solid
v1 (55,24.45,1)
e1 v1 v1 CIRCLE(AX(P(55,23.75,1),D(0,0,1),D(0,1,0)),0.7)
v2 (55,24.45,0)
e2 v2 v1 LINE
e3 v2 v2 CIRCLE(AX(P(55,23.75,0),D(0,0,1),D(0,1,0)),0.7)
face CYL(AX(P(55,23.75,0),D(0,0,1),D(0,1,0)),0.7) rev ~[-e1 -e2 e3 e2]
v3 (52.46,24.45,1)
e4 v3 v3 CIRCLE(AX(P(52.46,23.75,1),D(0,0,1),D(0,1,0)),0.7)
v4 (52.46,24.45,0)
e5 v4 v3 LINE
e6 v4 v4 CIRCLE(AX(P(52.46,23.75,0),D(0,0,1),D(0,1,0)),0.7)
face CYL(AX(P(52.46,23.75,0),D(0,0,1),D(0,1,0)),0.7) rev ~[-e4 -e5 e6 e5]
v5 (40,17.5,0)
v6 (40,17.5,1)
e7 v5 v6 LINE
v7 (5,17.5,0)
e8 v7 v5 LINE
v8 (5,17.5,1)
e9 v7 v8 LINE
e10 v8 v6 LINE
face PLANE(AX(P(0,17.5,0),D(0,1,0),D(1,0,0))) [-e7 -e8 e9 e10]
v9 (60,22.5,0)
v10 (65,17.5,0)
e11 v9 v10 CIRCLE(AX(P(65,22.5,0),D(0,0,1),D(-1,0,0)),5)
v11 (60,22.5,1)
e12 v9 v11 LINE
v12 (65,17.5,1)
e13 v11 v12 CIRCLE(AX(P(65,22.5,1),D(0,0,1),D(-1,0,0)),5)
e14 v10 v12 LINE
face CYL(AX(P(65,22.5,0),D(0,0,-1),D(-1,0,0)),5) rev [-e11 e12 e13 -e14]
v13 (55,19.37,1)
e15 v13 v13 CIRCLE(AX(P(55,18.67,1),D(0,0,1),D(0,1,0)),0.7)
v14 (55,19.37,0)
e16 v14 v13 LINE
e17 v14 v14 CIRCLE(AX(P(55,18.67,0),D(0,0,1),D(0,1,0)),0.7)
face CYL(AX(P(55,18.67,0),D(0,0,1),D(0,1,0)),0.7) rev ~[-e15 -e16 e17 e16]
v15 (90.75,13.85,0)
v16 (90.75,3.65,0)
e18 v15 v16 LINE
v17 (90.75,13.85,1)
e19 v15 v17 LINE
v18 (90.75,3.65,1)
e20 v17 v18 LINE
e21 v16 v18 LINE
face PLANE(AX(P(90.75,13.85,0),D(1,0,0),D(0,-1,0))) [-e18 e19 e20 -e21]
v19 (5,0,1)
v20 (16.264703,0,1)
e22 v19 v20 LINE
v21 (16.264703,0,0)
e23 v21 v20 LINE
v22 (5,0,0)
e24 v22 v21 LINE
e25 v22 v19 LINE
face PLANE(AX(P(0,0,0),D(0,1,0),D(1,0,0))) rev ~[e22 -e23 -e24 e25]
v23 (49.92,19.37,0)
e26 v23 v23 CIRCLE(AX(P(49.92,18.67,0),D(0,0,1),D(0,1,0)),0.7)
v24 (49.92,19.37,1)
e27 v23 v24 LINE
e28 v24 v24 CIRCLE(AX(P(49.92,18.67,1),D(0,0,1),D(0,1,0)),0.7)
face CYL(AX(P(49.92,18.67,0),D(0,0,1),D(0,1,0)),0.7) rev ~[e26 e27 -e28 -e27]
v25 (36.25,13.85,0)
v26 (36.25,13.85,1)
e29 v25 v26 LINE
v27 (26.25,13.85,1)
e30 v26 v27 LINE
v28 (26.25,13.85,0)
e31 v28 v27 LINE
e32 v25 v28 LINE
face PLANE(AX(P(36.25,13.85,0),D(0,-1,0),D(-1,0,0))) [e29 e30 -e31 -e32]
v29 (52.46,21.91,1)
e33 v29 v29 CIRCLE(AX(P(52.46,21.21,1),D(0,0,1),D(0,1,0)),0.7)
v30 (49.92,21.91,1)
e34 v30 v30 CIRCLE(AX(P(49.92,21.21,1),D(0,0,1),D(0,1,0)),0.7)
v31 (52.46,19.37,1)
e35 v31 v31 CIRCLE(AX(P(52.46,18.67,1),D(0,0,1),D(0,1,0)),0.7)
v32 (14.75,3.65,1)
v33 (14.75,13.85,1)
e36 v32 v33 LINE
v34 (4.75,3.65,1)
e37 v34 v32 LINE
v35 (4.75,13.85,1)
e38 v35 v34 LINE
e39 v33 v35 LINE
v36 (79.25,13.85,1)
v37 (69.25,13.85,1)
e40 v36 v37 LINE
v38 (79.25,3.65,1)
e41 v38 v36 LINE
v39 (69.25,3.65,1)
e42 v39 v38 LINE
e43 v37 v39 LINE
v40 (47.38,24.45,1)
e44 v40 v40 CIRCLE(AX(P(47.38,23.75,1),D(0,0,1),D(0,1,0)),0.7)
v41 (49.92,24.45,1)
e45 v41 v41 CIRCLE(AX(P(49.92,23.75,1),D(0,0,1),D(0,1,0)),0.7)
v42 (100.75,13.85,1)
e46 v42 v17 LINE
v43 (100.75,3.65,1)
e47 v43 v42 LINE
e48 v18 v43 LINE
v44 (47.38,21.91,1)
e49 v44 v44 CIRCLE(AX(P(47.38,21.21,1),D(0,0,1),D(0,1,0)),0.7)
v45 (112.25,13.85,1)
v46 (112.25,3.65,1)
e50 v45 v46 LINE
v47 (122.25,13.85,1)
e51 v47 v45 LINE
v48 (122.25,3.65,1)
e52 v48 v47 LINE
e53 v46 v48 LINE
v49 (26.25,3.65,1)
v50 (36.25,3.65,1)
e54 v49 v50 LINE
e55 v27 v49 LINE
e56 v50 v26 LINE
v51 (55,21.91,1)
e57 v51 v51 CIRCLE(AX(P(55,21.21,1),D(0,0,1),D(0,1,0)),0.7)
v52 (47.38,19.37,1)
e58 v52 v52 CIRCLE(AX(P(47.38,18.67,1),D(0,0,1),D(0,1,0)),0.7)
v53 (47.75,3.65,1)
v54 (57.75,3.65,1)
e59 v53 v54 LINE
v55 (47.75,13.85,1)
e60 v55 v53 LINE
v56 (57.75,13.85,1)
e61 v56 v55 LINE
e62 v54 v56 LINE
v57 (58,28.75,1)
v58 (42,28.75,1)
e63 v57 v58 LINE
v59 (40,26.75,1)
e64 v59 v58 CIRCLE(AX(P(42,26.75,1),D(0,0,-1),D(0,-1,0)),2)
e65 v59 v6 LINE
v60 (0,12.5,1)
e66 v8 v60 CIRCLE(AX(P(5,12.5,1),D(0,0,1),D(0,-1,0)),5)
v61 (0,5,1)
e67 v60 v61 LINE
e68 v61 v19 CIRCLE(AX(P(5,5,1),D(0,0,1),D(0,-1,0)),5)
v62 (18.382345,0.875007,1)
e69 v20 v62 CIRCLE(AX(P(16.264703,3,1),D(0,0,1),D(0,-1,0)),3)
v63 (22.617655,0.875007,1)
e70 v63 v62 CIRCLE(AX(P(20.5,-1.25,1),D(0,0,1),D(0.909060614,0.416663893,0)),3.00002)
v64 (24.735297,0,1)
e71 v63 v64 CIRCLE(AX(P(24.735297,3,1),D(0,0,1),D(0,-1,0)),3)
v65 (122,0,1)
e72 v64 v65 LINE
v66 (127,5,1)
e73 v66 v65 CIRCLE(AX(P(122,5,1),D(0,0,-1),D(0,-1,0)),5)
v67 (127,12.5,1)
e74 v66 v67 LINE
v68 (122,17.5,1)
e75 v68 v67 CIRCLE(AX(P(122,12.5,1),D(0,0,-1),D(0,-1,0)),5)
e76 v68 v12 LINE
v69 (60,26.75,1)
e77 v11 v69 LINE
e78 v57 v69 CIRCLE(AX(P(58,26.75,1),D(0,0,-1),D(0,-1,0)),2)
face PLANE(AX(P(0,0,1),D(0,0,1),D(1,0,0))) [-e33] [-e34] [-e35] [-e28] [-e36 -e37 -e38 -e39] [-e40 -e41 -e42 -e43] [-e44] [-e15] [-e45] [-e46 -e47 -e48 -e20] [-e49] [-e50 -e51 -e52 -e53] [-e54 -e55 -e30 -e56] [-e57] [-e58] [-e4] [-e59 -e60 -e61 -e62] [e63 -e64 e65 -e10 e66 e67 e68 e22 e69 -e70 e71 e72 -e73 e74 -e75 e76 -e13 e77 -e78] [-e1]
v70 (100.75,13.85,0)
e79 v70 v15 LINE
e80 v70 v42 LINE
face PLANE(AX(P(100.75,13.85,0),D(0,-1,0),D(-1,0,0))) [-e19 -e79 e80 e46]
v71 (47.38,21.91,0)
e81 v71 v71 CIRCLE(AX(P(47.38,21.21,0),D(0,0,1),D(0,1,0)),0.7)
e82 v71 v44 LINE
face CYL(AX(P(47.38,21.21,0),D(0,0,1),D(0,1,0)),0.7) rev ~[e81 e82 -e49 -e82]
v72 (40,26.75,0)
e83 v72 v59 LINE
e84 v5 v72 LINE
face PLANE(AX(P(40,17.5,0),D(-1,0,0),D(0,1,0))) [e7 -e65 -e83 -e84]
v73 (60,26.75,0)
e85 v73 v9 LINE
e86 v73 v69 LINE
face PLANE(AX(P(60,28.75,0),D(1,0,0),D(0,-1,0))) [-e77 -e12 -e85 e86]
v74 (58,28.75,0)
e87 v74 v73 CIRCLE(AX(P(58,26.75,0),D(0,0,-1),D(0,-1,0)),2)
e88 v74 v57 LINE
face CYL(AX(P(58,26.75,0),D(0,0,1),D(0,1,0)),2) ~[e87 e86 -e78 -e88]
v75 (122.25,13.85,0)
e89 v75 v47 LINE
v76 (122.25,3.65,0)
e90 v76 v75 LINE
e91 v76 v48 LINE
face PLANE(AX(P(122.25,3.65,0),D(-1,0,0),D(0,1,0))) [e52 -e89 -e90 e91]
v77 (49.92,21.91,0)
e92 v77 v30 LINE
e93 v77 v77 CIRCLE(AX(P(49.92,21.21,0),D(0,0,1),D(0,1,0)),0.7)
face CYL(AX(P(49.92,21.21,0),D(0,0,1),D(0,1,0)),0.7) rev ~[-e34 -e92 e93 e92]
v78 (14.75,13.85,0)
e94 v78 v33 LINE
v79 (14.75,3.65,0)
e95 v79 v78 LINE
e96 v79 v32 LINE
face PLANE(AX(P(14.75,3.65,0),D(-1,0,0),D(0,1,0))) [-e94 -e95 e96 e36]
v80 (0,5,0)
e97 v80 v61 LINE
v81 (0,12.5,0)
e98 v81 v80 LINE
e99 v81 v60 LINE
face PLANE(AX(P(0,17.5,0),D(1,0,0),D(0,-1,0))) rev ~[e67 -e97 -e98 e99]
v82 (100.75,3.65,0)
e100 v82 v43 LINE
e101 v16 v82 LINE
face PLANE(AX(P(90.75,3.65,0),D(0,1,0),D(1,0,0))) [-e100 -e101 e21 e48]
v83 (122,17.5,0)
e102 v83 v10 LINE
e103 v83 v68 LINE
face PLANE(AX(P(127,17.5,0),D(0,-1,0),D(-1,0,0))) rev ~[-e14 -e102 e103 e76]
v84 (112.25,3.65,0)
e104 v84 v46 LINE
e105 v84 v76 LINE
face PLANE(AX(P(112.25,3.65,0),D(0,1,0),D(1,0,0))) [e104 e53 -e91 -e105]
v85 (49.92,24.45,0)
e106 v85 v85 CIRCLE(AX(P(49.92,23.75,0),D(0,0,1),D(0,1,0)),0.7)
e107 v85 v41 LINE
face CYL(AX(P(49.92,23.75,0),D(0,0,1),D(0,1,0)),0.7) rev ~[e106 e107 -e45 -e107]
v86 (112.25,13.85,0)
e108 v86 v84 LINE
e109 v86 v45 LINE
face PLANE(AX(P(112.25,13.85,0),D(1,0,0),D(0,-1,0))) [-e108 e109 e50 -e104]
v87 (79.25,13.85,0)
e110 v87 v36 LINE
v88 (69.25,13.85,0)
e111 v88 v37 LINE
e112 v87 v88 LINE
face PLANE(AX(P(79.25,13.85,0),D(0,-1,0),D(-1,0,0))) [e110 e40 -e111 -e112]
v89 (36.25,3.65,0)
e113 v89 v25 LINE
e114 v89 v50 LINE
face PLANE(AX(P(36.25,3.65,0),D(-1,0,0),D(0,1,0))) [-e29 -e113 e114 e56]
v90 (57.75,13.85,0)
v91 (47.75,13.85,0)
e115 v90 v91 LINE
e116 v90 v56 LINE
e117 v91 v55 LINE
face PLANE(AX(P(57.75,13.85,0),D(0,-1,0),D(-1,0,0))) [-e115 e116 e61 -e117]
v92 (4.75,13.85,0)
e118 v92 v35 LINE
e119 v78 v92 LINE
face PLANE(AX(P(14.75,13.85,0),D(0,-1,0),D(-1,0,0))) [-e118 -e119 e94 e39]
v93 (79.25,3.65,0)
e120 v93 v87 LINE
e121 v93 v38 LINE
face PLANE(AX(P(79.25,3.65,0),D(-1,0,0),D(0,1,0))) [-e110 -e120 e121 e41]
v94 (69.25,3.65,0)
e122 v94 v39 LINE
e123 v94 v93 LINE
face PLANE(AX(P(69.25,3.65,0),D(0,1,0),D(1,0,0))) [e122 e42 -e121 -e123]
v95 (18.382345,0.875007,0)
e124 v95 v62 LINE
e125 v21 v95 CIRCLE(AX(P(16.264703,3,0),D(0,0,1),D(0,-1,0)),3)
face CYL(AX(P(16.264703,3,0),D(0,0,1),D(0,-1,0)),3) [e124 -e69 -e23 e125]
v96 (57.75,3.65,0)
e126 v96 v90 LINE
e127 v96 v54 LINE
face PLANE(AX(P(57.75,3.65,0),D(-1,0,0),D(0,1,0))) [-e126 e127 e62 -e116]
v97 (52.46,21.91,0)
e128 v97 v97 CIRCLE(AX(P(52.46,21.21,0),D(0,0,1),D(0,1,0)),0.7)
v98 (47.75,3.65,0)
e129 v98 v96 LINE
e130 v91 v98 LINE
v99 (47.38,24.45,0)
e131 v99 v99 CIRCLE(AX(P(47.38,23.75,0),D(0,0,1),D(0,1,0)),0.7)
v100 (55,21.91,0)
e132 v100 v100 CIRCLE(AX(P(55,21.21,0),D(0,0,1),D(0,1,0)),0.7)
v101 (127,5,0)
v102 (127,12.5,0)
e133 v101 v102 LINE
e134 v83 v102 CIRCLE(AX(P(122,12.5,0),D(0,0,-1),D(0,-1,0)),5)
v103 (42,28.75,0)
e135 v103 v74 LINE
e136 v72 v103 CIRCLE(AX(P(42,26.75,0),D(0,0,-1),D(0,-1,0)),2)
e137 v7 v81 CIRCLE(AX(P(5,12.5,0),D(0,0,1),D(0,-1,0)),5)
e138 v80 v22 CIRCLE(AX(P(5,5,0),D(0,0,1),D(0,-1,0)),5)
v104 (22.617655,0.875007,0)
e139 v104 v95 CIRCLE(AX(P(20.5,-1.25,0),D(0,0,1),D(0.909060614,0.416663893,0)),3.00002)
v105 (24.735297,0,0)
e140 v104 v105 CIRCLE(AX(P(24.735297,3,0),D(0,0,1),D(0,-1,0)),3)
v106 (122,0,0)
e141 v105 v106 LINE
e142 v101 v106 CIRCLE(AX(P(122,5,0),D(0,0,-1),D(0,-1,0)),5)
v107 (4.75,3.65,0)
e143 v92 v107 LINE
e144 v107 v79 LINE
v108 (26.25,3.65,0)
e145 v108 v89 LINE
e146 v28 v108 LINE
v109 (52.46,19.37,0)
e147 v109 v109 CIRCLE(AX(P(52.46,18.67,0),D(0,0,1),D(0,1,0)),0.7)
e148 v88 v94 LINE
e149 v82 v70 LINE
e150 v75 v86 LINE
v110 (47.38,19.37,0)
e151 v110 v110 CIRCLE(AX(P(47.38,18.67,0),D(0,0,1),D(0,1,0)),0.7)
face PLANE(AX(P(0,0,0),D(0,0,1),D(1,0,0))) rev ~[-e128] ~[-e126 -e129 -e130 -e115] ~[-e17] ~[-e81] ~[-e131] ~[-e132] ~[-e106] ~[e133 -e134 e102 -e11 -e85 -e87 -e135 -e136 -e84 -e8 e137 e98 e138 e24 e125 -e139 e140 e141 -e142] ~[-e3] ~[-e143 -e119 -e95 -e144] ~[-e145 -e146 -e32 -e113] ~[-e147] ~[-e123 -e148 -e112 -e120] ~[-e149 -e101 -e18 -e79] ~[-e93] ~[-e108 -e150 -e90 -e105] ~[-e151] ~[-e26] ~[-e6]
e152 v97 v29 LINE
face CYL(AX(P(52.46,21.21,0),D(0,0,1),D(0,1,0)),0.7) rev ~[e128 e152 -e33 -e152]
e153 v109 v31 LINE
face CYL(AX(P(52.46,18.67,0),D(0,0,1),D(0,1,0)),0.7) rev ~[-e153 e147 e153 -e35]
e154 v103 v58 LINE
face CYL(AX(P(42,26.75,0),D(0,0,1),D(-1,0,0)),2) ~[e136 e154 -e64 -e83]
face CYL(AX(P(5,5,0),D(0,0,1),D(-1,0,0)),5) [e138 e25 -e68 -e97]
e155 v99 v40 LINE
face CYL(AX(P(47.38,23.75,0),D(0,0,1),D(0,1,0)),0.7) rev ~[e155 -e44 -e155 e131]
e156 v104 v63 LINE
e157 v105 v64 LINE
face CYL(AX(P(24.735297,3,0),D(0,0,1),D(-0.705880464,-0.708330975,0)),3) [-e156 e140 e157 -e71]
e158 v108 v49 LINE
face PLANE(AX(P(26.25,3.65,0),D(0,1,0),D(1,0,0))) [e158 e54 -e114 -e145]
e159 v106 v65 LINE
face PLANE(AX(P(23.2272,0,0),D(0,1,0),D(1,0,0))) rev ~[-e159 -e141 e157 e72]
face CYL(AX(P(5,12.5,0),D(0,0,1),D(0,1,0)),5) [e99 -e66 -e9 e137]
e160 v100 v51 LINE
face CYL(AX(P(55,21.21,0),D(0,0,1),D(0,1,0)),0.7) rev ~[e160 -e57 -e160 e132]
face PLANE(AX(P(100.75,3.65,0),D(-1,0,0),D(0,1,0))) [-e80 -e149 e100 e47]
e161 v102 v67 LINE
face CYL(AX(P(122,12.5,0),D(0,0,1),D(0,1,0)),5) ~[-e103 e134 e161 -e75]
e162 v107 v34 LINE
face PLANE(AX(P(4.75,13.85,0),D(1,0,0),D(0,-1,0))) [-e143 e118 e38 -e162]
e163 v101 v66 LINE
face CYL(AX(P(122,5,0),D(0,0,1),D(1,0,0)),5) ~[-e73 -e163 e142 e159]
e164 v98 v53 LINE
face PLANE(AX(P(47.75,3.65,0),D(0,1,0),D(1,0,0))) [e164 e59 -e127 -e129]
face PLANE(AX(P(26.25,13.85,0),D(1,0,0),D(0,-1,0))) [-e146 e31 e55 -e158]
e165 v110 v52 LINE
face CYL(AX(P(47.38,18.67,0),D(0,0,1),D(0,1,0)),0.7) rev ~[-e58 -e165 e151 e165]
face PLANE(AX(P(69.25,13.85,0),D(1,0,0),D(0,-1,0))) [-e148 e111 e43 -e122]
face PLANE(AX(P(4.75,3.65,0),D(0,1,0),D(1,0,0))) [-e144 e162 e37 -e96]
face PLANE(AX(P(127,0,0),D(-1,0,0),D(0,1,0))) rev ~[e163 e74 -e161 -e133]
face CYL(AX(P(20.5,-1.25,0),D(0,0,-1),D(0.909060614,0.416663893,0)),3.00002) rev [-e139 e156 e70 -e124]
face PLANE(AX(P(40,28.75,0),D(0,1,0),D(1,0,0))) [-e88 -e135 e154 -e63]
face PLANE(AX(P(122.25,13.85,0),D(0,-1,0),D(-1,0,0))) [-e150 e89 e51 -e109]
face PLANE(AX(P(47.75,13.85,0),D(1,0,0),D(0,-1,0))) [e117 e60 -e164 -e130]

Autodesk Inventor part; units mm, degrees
ref_plane "YZ Plane" through (0, 0, 0) normal (1, 0, 0) x (0, 1, 0)
ref_plane "XZ Plane" through (0, 0, 0) normal (0, 1, 0) x (-1, 0, 0)
ref_plane "XY Plane" through (0, 0, 0) normal (0, 0, 1) x (1, 0, 0)
sketch "Skizze1" plane through (0, 0, 0) normal (0, 0, 1) x (1, 0, 0)
  line L0 (0, 0) -> (127, 0)
  line L1 (127, 0) -> (127, 37.5)
  line L2 (127, 37.5) -> (0, 37.5)
  line L3 (0, 37.5) -> (0, 0)
  line L4 (4.75, 3.65) -> (14.75, 3.65)
  line L5 (14.75, 3.65) -> (14.75, 13.85)
  line L6 (14.75, 13.85) -> (4.75, 13.85)
  line L7 (4.75, 13.85) -> (4.75, 3.65)
  line L8 (4.75, 33.85) -> (4.75, 23.65)
  line L9 (14.75, 33.85) -> (4.75, 33.85)
  line L10 (14.75, 23.65) -> (14.75, 33.85)
  line L11 (4.75, 23.65) -> (14.75, 23.65)
  line L12 (26.25, 13.85) -> (26.25, 3.65)
  line L13 (36.25, 13.85) -> (26.25, 13.85)
  line L14 (36.25, 3.65) -> (36.25, 13.85)
  line L15 (26.25, 3.65) -> (36.25, 3.65)
  line L16 (26.25, 33.85) -> (26.25, 23.65)
  line L17 (36.25, 33.85) -> (26.25, 33.85)
  line L18 (36.25, 23.65) -> (36.25, 33.85)
  line L19 (26.25, 23.65) -> (36.25, 23.65)
  line L20 (47.75, 13.85) -> (47.75, 3.65)
  line L21 (57.75, 13.85) -> (47.75, 13.85)
  line L22 (57.75, 3.65) -> (57.75, 13.85)
  line L23 (47.75, 3.65) -> (57.75, 3.65)
  line L24 (47.75, 33.85) -> (47.75, 23.65)
  line L25 (57.75, 33.85) -> (47.75, 33.85)
  line L26 (57.75, 23.65) -> (57.75, 33.85)
  line L27 (47.75, 23.65) -> (57.75, 23.65)
  line L28 (69.25, 13.85) -> (69.25, 3.65)
  line L29 (79.25, 13.85) -> (69.25, 13.85)
  line L30 (79.25, 3.65) -> (79.25, 13.85)
  line L31 (69.25, 3.65) -> (79.25, 3.65)
  line L32 (69.25, 33.85) -> (69.25, 23.65)
  line L33 (79.25, 33.85) -> (69.25, 33.85)
  line L34 (79.25, 23.65) -> (79.25, 33.85)
  line L35 (69.25, 23.65) -> (79.25, 23.65)
  line L36 (90.75, 13.85) -> (90.75, 3.65)
  line L37 (100.75, 13.85) -> (90.75, 13.85)
  line L38 (100.75, 3.65) -> (100.75, 13.85)
  line L39 (90.75, 3.65) -> (100.75, 3.65)
  line L40 (90.75, 33.85) -> (90.75, 23.65)
  line L41 (100.75, 33.85) -> (90.75, 33.85)
  line L42 (100.75, 23.65) -> (100.75, 33.85)
  line L43 (90.75, 23.65) -> (100.75, 23.65)
  line L44 (112.25, 13.85) -> (112.25, 3.65)
  line L45 (122.25, 13.85) -> (112.25, 13.85)
  line L46 (122.25, 3.65) -> (122.25, 13.85)
  line L47 (112.25, 3.65) -> (122.25, 3.65)
  line L48 (112.25, 33.85) -> (112.25, 23.65)
  line L49 (122.25, 33.85) -> (112.25, 33.85)
  line L50 (122.25, 23.65) -> (122.25, 33.85)
  line L51 (112.25, 23.65) -> (122.25, 23.65)
  line L52 (0, 18.75) -> (40, 18.75)
  line L53 (40, 18.75) -> (40, 28.75)
  line L54 (40, 28.75) -> (60, 28.75)
  line L55 (60, 28.75) -> (60, 23.75)
  arc A0 (60, 23.75) -> (65, 18.75) centre (65, 23.75) ccw
  line L56 (65, 18.75) -> (127, 18.75)
  arc A1 (23.2272, 0) -> (17.7728, 0) centre (20.5, -1.25) ccw
  line L57 (0, 17.5) -> (40, 17.5)
  line L58 (40, 17.5) -> (40, 18.75)
  line L59 (127, 17.5) -> (65, 17.5)
  arc A2 (60, 22.5) -> (65, 17.5) centre (65, 22.5) ccw
  line L60 (60, 22.5) -> (60, 23.75)
  point P0 (63.5, 37.5)
  point P1 (42, 18.75)
  point P2 (85, 18.75)
  point P3 (63.5, 0)
  point P4 (55, 23.75)
  point P5 (52.46, 23.75)
  point P6 (49.92, 23.75)
  point P7 (47.38, 23.75)
  point P8 (55, 21.21)
  point P9 (52.46, 21.21)
  point P10 (49.92, 21.21)
  point P11 (47.38, 21.21)
  point P12 (55, 18.67)
  point P13 (52.46, 18.67)
  point P14 (49.92, 18.67)
  point P15 (47.38, 18.67)
  point P16 (31.25, 3.65)
  point P17 (4.75, 8.75)
  dimension "d0" = 127
  dimension "d1" = 37.5
  dimension "d2" = 10.2
  dimension "d3" = 10
  dimension "d6" = 20
  dimension "d9" = 21.5
  dimension "d13" = 5.75
  dimension "d17" = 43
  dimension "d18" = 21.5
  dimension "d19" = 28.75
  dimension "d20" = 60
  dimension "d21" = 5
  dimension "d22" = 20
  dimension "d24" = 5
  dimension "d36" = 2.54
  dimension "d39" = 2.54
  dimension "d43" = 3
  dimension "d44" = 1.25
  dimension "d45" = 10.75
  dimension "d48" = 8.75
  dimension "d49" = 8.75
  dimension "d50" = 5
extrude "Extrusion1" add sketch "Skizze1" along normal blind 1 contours L3 L57 L58 L53 L54 L24 L27 L26 L55 L60 A2 L59 L1 L0 A1 | L54 L26 L27 L24
fillet "Rundung1" radius 5 2 edges at (127, 0, 0.5) (0, 0, 0.5)
hole "Bohrung1" at (55, 23.75, 0) at (55, 21.21, 0) at (52.46, 21.21, 0) at (49.92, 21.21, 0) at (49.92, 23.75, 0) at (52.46, 23.75, 0) at (55, 18.67, 0) at (52.46, 18.67, 0) at (49.92, 18.67, 0) at (47.38, 18.67, 0) at (47.38, 21.21, 0) at (47.38, 23.75, 0) direction (0, 0, 1) diameter 1.4 end through all
fillet "Rundung2" radius 2 2 edges at (60, 28.75, 0.5) (40, 28.75, 0.5)
fillet "Rundung3" radius 5 2 edges at (127, 17.5, 0.5) (0, 17.5, 0.5)
fillet "Rundung4" radius 3 2 edges at (17.7728, 0, 0.5) (23.2272, 0, 0.5)
sketch "Skizze2" plane through (0, 0, 1) normal (0, 0, 1) x (1, 0, 0)
  arc A0 (0, 5) -> (5, 0) centre (5, 5) ccw projected
  line L0 (5, 0) -> (16.2647, 0) projected
  arc A1 (122, 0) -> (127, 5) centre (122, 5) ccw projected
  line L1 (127, 5) -> (127, 12.5) projected
  line L2 (0, 12.5) -> (0, 5) projected
  line L3 (112.25, 13.85) -> (122.25, 13.85) projected
  line L4 (122.25, 13.85) -> (122.25, 3.65) projected
  line L5 (122.25, 3.65) -> (112.25, 3.65) projected
  line L6 (112.25, 3.65) -> (112.25, 13.85) projected
  line L7 (90.75, 13.85) -> (100.75, 13.85) projected
  line L8 (100.75, 13.85) -> (100.75, 3.65) projected
  line L9 (100.75, 3.65) -> (90.75, 3.65) projected
  line L10 (90.75, 3.65) -> (90.75, 13.85) projected
  line L11 (69.25, 13.85) -> (79.25, 13.85) projected
  line L12 (79.25, 13.85) -> (79.25, 3.65) projected
  line L13 (79.25, 3.65) -> (69.25, 3.65) projected
  line L14 (69.25, 3.65) -> (69.25, 13.85) projected
  line L15 (47.75, 13.85) -> (57.75, 13.85) projected
  line L16 (57.75, 13.85) -> (57.75, 3.65) projected
  line L17 (57.75, 3.65) -> (47.75, 3.65) projected
  line L18 (47.75, 3.65) -> (47.75, 13.85) projected
  line L19 (26.25, 13.85) -> (36.25, 13.85) projected
  line L20 (36.25, 13.85) -> (36.25, 3.65) projected
  line L21 (36.25, 3.65) -> (26.25, 3.65) projected
  line L22 (26.25, 3.65) -> (26.25, 13.85) projected
  line L23 (4.75, 3.65) -> (4.75, 13.85) projected
  line L24 (4.75, 13.85) -> (14.75, 13.85) projected
  line L25 (14.75, 13.85) -> (14.75, 3.65) projected
  line L26 (14.75, 3.65) -> (4.75, 3.65) projected
  line L27 (60, 22.5) -> (60, 26.75) projected
  line L28 (58, 28.75) -> (42, 28.75) projected
  line L29 (40, 26.75) -> (40, 17.5) projected
  arc A2 (60, 26.75) -> (58, 28.75) centre (58, 26.75) ccw projected
  arc A3 (42, 28.75) -> (40, 26.75) centre (42, 26.75) ccw projected
  circle A4 centre (55, 23.75) radius 0.7 projected
  arc A5 (22.6176, 0.875) -> (18.3824, 0.875) centre (20.5, -1.25) ccw projected
  line L30 (24.7353, 0) -> (122, 0) projected
  arc A6 (22.6176, 0.875) -> (24.7353, 0) centre (24.7353, 3) ccw projected
  arc A7 (16.2647, 0) -> (18.3824, 0.875) centre (16.2647, 3) ccw projected
  line L31 (122, 17.5) -> (65, 17.5) projected
  arc A8 (60, 22.5) -> (65, 17.5) centre (65, 22.5) ccw projected
  line L32 (40, 17.5) -> (5, 17.5) projected
  arc A9 (127, 12.5) -> (122, 17.5) centre (122, 12.5) ccw projected
  arc A10 (5, 17.5) -> (0, 12.5) centre (5, 12.5) ccw projected
  circle A11 centre (47.38, 18.67) radius 0.7 projected
  circle A12 centre (47.38, 21.21) radius 0.7 projected
  circle A13 centre (47.38, 23.75) radius 0.7 projected
  circle A14 centre (49.92, 23.75) radius 0.7 projected
  circle A15 centre (49.92, 21.21) radius 0.7 projected
  circle A16 centre (49.92, 18.67) radius 0.7 projected
  circle A17 centre (52.46, 18.67) radius 0.7 projected
  circle A18 centre (52.46, 21.21) radius 0.7 projected
  circle A19 centre (52.46, 23.75) radius 0.7 projected
  circle A20 centre (55, 21.21) radius 0.7 projected
  circle A21 centre (55, 18.67) radius 0.7 projected
  point P0 (0, 0)
equation "\"d13\" = -0.5 * d3 + 0.5 * d9"
equation "\"d17\" = 2 * d9"
equation "\"d18\" = 0.5 * d17"
equation "\"d45\" = 0.5 * d9"
equation "\"d49\" = d48"
properties part number "bat_contacts_v2_plate_contact" material "Kupfer"
